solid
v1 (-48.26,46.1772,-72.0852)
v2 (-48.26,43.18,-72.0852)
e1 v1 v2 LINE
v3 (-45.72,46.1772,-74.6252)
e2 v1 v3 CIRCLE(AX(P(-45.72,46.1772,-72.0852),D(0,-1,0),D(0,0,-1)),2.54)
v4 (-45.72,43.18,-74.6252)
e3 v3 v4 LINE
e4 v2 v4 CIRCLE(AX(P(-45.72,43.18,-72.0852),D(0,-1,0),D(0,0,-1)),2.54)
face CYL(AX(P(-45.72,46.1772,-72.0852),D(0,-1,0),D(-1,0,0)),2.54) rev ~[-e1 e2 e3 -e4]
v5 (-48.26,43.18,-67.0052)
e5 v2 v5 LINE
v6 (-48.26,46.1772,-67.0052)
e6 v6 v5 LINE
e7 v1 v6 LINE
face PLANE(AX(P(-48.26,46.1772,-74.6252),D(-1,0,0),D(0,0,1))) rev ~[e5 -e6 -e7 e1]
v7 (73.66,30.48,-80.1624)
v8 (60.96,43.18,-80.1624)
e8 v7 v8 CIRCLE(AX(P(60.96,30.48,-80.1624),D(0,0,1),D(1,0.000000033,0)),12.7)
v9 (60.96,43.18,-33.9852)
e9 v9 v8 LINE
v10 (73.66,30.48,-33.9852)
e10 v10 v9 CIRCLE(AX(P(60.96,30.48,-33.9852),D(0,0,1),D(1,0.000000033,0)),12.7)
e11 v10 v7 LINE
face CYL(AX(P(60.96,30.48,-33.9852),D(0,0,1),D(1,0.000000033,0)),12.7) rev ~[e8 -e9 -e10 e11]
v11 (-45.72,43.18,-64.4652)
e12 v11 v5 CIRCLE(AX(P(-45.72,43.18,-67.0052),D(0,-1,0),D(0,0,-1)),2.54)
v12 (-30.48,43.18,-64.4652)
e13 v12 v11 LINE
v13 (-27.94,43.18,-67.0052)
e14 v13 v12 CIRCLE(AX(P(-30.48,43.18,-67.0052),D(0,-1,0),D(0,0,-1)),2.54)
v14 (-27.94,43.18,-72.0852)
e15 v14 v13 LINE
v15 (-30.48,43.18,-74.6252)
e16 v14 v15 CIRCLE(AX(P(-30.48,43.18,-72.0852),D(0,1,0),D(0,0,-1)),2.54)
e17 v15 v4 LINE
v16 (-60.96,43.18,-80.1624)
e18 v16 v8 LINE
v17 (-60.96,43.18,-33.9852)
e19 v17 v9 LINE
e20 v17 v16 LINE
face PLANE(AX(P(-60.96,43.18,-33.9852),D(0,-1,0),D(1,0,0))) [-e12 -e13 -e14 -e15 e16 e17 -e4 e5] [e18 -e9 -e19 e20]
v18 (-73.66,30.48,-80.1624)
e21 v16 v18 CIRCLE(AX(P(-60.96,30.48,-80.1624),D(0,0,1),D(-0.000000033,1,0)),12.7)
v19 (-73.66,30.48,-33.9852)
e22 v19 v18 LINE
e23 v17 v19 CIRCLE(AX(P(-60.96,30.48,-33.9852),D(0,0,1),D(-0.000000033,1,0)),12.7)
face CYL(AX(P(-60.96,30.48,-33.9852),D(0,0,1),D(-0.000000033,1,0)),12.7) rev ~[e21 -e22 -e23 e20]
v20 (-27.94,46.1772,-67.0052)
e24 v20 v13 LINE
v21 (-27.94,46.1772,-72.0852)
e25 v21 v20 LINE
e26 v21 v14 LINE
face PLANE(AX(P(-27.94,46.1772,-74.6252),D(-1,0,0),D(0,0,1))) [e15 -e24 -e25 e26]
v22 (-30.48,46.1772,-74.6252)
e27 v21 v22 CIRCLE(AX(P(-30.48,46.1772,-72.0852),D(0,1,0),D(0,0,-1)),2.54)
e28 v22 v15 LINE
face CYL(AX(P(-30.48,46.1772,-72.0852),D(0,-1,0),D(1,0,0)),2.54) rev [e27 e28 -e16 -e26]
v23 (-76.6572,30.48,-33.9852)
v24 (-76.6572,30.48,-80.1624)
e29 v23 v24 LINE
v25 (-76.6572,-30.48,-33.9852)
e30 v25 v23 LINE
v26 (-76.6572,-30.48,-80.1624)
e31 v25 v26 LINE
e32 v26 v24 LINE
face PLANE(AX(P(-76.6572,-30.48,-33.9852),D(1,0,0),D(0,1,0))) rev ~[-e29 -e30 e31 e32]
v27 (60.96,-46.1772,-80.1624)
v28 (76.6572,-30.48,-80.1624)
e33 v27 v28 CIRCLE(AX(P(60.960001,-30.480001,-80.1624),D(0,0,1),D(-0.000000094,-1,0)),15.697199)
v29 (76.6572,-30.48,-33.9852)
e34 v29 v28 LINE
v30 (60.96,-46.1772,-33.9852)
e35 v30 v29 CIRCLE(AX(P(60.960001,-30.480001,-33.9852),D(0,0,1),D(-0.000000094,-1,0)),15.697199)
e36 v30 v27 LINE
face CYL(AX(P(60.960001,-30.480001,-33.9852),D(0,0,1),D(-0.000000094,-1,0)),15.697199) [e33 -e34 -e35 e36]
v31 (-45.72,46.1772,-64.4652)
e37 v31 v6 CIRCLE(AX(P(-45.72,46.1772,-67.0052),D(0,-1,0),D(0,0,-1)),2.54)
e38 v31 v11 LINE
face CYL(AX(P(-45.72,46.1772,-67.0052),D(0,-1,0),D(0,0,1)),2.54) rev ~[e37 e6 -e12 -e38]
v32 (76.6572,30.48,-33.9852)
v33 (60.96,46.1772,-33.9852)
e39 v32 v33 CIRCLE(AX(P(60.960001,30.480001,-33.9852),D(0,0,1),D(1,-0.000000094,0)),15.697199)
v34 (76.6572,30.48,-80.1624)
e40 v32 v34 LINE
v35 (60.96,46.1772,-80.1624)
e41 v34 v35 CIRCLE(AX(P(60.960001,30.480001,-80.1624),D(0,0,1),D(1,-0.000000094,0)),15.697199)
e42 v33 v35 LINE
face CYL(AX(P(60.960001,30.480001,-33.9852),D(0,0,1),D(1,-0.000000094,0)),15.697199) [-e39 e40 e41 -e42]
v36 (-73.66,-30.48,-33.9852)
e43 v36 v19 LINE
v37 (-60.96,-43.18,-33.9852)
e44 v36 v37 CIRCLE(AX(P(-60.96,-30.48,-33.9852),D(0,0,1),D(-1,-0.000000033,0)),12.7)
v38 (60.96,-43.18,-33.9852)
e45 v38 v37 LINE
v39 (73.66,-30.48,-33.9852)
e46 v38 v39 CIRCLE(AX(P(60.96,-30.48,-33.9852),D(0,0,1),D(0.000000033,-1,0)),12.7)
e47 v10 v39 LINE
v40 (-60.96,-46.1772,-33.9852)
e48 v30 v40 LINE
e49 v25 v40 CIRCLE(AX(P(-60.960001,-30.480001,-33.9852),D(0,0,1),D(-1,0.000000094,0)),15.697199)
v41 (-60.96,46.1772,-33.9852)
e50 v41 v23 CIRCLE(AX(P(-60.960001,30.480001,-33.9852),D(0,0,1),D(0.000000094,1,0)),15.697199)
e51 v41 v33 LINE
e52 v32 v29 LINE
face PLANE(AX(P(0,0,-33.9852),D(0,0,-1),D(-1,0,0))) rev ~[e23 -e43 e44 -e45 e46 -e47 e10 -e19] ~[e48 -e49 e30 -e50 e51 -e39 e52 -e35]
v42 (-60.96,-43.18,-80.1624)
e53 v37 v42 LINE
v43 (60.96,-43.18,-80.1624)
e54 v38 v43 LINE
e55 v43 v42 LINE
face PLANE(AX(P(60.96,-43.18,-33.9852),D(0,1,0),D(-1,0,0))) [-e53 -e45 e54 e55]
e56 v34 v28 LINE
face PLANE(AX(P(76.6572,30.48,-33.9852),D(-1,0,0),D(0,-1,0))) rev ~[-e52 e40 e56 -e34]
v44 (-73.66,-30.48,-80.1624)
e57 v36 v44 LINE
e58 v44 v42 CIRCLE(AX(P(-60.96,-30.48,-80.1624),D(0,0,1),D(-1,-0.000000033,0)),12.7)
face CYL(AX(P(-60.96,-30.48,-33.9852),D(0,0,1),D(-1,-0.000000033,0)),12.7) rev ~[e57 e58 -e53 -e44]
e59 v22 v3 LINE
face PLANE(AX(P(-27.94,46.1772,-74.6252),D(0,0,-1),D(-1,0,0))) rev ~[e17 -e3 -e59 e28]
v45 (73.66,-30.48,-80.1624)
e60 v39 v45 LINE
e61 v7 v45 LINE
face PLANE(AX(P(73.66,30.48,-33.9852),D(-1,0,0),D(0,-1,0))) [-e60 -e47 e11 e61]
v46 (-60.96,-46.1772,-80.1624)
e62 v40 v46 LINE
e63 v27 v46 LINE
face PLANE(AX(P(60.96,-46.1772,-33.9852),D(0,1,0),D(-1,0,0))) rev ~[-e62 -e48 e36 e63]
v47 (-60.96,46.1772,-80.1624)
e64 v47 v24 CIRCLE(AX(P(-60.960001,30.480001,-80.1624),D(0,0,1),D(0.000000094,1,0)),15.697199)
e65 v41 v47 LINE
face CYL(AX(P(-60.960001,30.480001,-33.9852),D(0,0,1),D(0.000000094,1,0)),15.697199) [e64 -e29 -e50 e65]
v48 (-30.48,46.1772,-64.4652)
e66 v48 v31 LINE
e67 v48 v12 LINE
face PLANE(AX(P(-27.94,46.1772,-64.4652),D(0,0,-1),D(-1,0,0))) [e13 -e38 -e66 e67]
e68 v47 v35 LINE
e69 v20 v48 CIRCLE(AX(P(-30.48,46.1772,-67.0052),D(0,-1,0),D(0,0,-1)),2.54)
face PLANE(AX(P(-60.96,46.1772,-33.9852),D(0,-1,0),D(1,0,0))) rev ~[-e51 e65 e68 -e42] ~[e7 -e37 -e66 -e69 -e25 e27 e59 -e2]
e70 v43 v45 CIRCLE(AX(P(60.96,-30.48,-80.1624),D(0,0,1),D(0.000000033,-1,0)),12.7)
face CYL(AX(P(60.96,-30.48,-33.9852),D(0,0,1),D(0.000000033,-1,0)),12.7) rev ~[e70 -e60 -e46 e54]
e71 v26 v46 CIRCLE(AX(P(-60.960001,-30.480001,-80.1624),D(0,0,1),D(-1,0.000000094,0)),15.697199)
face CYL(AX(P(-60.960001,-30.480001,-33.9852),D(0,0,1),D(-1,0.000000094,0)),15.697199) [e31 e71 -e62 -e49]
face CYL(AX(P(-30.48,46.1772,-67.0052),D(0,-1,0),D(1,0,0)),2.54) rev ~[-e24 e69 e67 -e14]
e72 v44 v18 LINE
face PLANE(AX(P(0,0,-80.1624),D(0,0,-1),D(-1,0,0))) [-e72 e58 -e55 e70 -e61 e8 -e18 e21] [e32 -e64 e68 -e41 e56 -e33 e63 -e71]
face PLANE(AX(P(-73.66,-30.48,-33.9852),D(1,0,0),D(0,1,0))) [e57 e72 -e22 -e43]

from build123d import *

# Parameters (mm, degrees)
PAD016_DEPTH    = 46.1772
SKETCH026_W     = 20.32
SKETCH026_H     = 10.16
POCKET004_DEPTH = 2.9972
FILLET_R        = 2.54


with BuildPart() as part:
    # Sketch019 → Pad016 (new body)
    with BuildSketch(Plane.XY.offset(-33.9852)):
        with BuildLine():
            Line((-60.96, 46.1772), (60.96, 46.1772))
            ThreePointArc((76.6572, 30.48), (72.059597, 41.579597), (60.96, 46.1772))
            Line((76.6572, 30.48), (76.6572, -30.48))
            ThreePointArc((60.96, -46.1772), (72.059597, -41.579597), (76.6572, -30.48))
            Line((60.96, -46.1772), (-60.96, -46.1772))
            ThreePointArc((-76.6572, -30.48), (-72.059597, -41.579597), (-60.96, -46.1772))
            Line((-76.6572, -30.48), (-76.6572, 30.48))
            ThreePointArc((-60.96, 46.1772), (-72.059597, 41.579597), (-76.6572, 30.48))
        make_face()
        with BuildLine():
            Line((-60.96, 43.18), (60.96, 43.18))
            ThreePointArc((73.66, 30.48), (69.940256, 39.460256), (60.96, 43.18))
            Line((73.66, 30.48), (73.66, -30.48))
            ThreePointArc((60.96, -43.18), (69.940256, -39.460256), (73.66, -30.48))
            Line((60.96, -43.18), (-60.96, -43.18))
            ThreePointArc((-73.66, -30.48), (-69.940256, -39.460256), (-60.96, -43.18))
            Line((-73.66, -30.48), (-73.66, 30.48))
            ThreePointArc((-60.96, 43.18), (-69.940256, 39.460256), (-73.66, 30.48))
        make_face(mode=Mode.SUBTRACT)
    extrude(amount=-PAD016_DEPTH)

    # Sketch026 → Pocket004 (cut)
    with BuildSketch(Plane(origin=(0, 46.1772, -33.9852), x_dir=(-1, 0, 0), z_dir=(0, 1, 0))):
        with Locations((38.1, -35.56)):
            Rectangle(SKETCH026_W, SKETCH026_H)
    extrude(amount=-POCKET004_DEPTH, mode=Mode.SUBTRACT)

    # Fillet
    fillet_edges = [part.edges().sort_by_distance(p)[0] for p in [
        (-27.94, 44.6786, -64.4652),
        (-27.94, 44.6786, -74.6252),
        (-48.26, 44.6786, -74.6252),
        (-48.26, 44.6786, -64.4652),
    ]]
    fillet(fillet_edges, radius=FILLET_R)


solid = part.part
